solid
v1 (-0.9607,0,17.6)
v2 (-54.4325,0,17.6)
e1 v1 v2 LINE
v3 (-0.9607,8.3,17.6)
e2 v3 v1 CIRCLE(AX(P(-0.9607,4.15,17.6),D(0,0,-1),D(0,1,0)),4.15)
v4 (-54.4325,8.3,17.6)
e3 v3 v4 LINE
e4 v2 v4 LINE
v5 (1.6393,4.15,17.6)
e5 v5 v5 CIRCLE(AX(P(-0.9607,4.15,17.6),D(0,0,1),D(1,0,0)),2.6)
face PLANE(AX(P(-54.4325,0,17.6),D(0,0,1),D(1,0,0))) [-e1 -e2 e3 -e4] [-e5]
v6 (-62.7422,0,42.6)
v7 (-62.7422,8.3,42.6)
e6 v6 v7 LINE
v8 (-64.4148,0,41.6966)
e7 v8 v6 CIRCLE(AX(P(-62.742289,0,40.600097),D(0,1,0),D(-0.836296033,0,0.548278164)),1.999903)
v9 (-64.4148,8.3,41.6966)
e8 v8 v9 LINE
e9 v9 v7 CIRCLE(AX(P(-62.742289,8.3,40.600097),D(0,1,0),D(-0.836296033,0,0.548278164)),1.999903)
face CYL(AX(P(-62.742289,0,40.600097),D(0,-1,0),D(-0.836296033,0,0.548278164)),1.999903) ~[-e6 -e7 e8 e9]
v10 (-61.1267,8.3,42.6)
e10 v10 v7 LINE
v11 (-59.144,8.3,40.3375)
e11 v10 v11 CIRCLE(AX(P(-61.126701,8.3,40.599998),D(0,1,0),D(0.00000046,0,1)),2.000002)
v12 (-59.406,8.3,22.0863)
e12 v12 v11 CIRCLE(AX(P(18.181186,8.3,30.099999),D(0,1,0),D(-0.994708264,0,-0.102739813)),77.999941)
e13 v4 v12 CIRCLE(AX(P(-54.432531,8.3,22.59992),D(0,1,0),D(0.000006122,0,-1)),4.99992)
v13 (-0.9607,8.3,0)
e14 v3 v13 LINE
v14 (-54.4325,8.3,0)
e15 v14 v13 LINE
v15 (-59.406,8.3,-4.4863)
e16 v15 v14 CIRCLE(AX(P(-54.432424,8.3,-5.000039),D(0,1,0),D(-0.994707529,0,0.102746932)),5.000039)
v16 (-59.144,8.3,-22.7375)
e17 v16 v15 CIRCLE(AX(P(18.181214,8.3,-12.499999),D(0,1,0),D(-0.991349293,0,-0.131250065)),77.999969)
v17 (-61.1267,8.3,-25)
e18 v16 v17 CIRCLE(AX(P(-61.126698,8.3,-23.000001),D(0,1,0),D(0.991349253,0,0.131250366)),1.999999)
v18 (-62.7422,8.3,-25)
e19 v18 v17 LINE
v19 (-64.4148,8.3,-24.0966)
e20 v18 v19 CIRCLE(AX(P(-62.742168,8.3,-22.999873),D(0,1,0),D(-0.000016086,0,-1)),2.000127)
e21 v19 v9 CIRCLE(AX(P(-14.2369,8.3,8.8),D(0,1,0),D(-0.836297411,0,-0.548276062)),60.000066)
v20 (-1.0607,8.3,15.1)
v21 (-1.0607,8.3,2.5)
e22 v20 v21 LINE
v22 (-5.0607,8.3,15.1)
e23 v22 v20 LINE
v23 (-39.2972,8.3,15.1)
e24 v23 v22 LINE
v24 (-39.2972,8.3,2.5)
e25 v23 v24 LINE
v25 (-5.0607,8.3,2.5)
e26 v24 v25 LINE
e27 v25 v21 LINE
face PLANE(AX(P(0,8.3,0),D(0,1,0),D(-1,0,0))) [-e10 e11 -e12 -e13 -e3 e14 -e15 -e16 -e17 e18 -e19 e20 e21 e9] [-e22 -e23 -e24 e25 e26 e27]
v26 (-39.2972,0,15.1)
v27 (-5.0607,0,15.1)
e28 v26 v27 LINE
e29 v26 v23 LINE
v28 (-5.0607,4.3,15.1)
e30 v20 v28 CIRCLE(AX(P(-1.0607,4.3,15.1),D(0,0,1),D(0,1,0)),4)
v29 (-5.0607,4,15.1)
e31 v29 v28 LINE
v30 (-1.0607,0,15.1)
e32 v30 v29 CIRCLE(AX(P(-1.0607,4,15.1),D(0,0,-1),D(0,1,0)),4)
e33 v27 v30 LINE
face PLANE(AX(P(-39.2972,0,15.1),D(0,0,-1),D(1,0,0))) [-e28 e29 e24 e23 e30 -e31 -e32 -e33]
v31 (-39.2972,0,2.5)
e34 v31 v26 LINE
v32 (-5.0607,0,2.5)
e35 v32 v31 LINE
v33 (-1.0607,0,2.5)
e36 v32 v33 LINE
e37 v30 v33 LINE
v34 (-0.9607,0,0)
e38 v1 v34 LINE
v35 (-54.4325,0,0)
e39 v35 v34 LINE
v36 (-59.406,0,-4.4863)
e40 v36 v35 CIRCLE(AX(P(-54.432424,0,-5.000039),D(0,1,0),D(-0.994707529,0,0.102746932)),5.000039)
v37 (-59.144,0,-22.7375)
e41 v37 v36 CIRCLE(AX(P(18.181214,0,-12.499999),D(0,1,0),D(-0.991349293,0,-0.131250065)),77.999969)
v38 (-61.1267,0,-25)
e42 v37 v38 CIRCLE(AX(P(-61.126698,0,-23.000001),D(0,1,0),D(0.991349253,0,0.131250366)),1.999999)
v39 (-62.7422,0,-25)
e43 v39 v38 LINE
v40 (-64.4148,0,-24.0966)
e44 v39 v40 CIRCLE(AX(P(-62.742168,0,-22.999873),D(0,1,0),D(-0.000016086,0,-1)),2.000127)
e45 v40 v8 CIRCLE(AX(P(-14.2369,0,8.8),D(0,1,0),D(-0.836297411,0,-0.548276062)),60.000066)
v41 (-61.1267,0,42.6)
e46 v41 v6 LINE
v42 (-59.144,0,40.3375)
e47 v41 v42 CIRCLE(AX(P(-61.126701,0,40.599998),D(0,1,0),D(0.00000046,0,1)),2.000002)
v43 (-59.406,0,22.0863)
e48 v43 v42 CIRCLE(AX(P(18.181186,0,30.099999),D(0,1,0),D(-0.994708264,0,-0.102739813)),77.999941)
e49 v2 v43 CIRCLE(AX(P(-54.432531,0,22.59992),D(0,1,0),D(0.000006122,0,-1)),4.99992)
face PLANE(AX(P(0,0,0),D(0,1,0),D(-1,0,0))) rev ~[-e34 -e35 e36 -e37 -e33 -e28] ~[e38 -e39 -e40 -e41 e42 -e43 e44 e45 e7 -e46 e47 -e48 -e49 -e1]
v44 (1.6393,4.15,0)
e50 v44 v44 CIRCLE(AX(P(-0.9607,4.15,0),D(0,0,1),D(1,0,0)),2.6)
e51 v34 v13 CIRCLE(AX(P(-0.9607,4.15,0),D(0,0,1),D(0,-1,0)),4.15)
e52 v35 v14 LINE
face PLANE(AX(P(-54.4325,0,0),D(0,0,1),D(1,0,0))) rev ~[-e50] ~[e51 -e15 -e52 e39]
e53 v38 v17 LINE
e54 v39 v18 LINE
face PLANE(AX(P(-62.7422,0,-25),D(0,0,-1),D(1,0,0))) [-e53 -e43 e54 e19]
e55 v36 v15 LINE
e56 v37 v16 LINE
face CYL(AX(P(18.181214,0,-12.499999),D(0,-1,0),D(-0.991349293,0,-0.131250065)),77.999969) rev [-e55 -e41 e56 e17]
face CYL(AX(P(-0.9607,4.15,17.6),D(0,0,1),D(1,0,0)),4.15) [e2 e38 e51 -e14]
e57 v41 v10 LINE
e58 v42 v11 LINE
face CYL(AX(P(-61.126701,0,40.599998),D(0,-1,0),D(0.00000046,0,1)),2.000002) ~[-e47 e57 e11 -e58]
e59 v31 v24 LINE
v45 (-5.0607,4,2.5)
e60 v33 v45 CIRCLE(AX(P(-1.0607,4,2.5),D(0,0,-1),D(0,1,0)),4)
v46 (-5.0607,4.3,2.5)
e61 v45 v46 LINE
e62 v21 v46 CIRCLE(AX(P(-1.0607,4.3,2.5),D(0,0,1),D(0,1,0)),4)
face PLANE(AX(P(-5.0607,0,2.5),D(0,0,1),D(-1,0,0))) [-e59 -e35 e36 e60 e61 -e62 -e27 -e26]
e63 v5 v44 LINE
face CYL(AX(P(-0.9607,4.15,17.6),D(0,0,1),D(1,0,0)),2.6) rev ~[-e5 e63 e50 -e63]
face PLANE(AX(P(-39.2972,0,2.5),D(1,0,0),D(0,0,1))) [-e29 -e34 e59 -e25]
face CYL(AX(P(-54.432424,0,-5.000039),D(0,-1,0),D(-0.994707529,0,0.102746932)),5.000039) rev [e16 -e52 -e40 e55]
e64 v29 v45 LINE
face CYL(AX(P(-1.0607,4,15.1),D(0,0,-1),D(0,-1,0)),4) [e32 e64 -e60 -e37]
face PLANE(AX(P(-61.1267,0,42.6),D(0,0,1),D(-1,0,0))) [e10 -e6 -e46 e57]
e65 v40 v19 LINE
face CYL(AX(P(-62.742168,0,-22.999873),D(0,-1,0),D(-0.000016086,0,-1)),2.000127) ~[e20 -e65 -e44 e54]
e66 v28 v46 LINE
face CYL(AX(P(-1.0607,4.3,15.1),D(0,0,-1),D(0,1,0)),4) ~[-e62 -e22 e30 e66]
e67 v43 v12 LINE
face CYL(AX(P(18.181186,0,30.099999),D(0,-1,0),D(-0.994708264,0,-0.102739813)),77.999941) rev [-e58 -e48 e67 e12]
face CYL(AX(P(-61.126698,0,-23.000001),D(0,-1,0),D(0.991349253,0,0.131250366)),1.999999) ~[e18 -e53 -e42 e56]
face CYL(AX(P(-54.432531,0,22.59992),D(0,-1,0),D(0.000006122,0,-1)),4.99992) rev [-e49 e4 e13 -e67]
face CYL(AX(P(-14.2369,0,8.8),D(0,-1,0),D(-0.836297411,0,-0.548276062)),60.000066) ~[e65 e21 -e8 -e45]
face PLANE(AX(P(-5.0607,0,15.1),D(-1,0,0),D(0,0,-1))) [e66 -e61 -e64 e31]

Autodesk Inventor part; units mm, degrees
ref_plane "YZ Plane" through (0, 0, 0) normal (1, 0, 0) x (0, 1, 0)
ref_plane "XZ Plane" through (0, 0, 0) normal (0, 1, 0) x (-1, 0, 0)
ref_plane "XY Plane" through (0, 0, 0) normal (0, 0, 1) x (1, 0, 0)
sketch "Sketch1" plane through (0, 0, 0) normal (0, 1, 0) x (-1, 0, 0)
  circle A0 centre (45.6085, 8.8) radius 5.405
  line L0 (3.774, 0.6) -> (39.2972, 0.6)
  line L1 (3.774, 17) -> (3.774, 0.6)
  line L2 (39.2972, 17) -> (3.774, 17)
  line L3 (39.2972, 0.6) -> (39.2972, 17)
  arc A1 (64.4148, -24.0966) -> (64.4148, 41.6966) centre (14.2369, 8.8) ccw
  line L4 (61.1267, 42.6) -> (62.7422, 42.6)
  line L5 (5.5105, 17.6) -> (54.4325, 17.6)
  line L6 (54.4325, 0) -> (5.5105, 0)
  line L7 (62.7422, -25) -> (61.1267, -25)
  line L8 (-3.1893, 17.6) -> (-3.1893, 0)
  line L9 (54.4325, 0) -> (-3.1893, 0)
  line L10 (-3.1893, 17.6) -> (58.8107, 17.6)
  arc A2 (59.144, -22.7375) -> (59.406, -4.4863) centre (-18.1812, -12.5) ccw
  arc A3 (59.406, 22.0863) -> (59.144, 40.3375) centre (-18.1812, 30.1) ccw
  arc A4 (59.406, -4.4863) -> (54.4325, 0) centre (54.4325, -5) ccw
  arc A5 (54.4325, 17.6) -> (59.406, 22.0863) centre (54.4325, 22.6) ccw
  arc A6 (62.7422, -25) -> (64.4148, -24.0966) centre (62.7422, -23) ccw
  arc A7 (59.144, -22.7375) -> (61.1267, -25) centre (61.1267, -23) ccw
  arc A8 (61.1267, 42.6) -> (59.144, 40.3375) centre (61.1267, 40.6) ccw
  arc A9 (64.4148, 41.6966) -> (62.7422, 42.6) centre (62.7422, 40.6) ccw
  point P0 (0, 0)
  point P1 (17.5306, 8.8)
  point P2 (63.8107, -25)
  point P3 (63.8107, 42.6)
  dimension "d0" = 17.6
  dimension "d1" = 62
  dimension "d2" = 78
  dimension "d3" = 78
  dimension "d4" = 5
  dimension "d5" = 2
extrude "Extrusion1" add sketch "Sketch1" along normal blind 8.3 contours A0 | L1 L2 L3 L0 | A6 L7 A7 A2 A4 L6 L9 L8 L10 L5 A5 A3 A8 L4 A9 A1
sketch "Sketch2" plane through (-54.4325, 0, 17.6) normal (0, 0, 1) x (1, 0, 0)
  line L0 (0, 0) -> (57.6218, 0) construction
  line L1 (57.6218, 0) -> (57.6218, 8.3)
  line L2 (0, 8.3) -> (57.6218, 8.3)
  line L3 (0, 0) -> (0, 8.3) construction
  line L4 (57.6218, 0) -> (57.6218, 8.3) construction
  line L5 (57.6218, 4.15) -> (52.9259, 4.15) construction
  circle A0 centre (53.4718, 4.15) radius 4.15
  circle A1 centre (53.4718, 4.15) radius 2.6
  line L6 (0, 8.3) -> (57.6218, 8.3) projected
  line L7 (57.6218, 0) -> (57.6218, 8.3) construction
  line L8 (0, 0) -> (57.6218, 0) construction
  line L9 (53.4718, 8.3) -> (57.6218, 8.3)
  line L10 (57.6218, 0) -> (57.6218, 8.3)
  line L11 (53.4718, 0) -> (57.6218, 0)
  point P0 (54.4325, 0)
  dimension "d8" = 1.55
extrude "Extrusion2" cut sketch "Sketch2" against normal through all
sketch "Sketch3" plane through (-54.4325, 0, 17.6) normal (0, 0, 1) x (1, 0, 0)
  circle A0 centre (53.4718, 4.15) radius 2.6 construction
  arc A1 (53.4718, 8.3) -> (53.4718, 0) centre (53.4718, 4.15) ccw construction
  circle A2 centre (53.4718, 4.15) radius 4.15
  point P0 (54.4325, 0)
extrude "Extrusion3" add sketch "Sketch3" against normal up to surface (17.6 mm away)
sketch "Sketch4" plane through (-54.4325, 0, 17.6) normal (0, 0, 1) x (1, 0, 0)
  circle A0 centre (53.4718, 4.15) radius 2.6 projected
  point P0 (54.4325, 0)
extrude "Extrusion4" cut sketch "Sketch4" against normal through all
sketch "Sketch5" plane through (-54.4325, 0, 17.6) normal (0, 0, 1) x (1, 0, 0)
  point P0 (54.4325, 0)
sketch "Sketch6" plane through (0, 0, 0) normal (0, -1, 0) x (1, 0, 0)
  line L0 (-39.2972, 17) -> (-3.774, 17) projected
  line L1 (-39.2972, 0.6) -> (-39.2972, 17) projected
  line L2 (-3.774, 0.6) -> (-39.2972, 0.6) projected
  line L3 (-3.774, 17) -> (-3.774, 0.6) projected
  line L4 (-54.4325, 17.6) -> (-0.9607, 17.6) construction
  line L5 (-29.8249, 17.6) -> (-29.8249, 15.1) construction
  line L6 (-3.774, 14.6) -> (-3.774, 3)
  line L7 (-39.2972, 3) -> (-39.2972, 14.6)
  line L8 (-25.5022, 0) -> (-25.5022, 2.5)
  line L9 (-3.5607, 17.6) -> (-3.5607, 0) construction
  line L10 (-3.5607, 7.6434) -> (-5.0607, 7.6434) construction
  line L11 (-39.2972, 15.1) -> (-5.0607, 15.1)
  line L12 (-5.0607, 15.1) -> (-5.0607, 2.5)
  line L13 (-5.0607, 2.5) -> (-39.2972, 2.5)
  line L14 (-39.2972, 2.5) -> (-39.2972, 15.1)
  point P0 (0, 0)
  dimension "d15" = 2.5
  dimension "d16" = 11.6
  dimension "d19" = 2.5
  dimension "d20" = 1.5
extrude "Extrusion5" cut sketch "Sketch6" against normal blind 8.3 contours L11 L12 L13 L1
fillet "Fillet1" radius 4 2 edges at (-5.0607, 0, 8.8) (-5.0607, 8.3, 8.8)
properties part number "lever2"
